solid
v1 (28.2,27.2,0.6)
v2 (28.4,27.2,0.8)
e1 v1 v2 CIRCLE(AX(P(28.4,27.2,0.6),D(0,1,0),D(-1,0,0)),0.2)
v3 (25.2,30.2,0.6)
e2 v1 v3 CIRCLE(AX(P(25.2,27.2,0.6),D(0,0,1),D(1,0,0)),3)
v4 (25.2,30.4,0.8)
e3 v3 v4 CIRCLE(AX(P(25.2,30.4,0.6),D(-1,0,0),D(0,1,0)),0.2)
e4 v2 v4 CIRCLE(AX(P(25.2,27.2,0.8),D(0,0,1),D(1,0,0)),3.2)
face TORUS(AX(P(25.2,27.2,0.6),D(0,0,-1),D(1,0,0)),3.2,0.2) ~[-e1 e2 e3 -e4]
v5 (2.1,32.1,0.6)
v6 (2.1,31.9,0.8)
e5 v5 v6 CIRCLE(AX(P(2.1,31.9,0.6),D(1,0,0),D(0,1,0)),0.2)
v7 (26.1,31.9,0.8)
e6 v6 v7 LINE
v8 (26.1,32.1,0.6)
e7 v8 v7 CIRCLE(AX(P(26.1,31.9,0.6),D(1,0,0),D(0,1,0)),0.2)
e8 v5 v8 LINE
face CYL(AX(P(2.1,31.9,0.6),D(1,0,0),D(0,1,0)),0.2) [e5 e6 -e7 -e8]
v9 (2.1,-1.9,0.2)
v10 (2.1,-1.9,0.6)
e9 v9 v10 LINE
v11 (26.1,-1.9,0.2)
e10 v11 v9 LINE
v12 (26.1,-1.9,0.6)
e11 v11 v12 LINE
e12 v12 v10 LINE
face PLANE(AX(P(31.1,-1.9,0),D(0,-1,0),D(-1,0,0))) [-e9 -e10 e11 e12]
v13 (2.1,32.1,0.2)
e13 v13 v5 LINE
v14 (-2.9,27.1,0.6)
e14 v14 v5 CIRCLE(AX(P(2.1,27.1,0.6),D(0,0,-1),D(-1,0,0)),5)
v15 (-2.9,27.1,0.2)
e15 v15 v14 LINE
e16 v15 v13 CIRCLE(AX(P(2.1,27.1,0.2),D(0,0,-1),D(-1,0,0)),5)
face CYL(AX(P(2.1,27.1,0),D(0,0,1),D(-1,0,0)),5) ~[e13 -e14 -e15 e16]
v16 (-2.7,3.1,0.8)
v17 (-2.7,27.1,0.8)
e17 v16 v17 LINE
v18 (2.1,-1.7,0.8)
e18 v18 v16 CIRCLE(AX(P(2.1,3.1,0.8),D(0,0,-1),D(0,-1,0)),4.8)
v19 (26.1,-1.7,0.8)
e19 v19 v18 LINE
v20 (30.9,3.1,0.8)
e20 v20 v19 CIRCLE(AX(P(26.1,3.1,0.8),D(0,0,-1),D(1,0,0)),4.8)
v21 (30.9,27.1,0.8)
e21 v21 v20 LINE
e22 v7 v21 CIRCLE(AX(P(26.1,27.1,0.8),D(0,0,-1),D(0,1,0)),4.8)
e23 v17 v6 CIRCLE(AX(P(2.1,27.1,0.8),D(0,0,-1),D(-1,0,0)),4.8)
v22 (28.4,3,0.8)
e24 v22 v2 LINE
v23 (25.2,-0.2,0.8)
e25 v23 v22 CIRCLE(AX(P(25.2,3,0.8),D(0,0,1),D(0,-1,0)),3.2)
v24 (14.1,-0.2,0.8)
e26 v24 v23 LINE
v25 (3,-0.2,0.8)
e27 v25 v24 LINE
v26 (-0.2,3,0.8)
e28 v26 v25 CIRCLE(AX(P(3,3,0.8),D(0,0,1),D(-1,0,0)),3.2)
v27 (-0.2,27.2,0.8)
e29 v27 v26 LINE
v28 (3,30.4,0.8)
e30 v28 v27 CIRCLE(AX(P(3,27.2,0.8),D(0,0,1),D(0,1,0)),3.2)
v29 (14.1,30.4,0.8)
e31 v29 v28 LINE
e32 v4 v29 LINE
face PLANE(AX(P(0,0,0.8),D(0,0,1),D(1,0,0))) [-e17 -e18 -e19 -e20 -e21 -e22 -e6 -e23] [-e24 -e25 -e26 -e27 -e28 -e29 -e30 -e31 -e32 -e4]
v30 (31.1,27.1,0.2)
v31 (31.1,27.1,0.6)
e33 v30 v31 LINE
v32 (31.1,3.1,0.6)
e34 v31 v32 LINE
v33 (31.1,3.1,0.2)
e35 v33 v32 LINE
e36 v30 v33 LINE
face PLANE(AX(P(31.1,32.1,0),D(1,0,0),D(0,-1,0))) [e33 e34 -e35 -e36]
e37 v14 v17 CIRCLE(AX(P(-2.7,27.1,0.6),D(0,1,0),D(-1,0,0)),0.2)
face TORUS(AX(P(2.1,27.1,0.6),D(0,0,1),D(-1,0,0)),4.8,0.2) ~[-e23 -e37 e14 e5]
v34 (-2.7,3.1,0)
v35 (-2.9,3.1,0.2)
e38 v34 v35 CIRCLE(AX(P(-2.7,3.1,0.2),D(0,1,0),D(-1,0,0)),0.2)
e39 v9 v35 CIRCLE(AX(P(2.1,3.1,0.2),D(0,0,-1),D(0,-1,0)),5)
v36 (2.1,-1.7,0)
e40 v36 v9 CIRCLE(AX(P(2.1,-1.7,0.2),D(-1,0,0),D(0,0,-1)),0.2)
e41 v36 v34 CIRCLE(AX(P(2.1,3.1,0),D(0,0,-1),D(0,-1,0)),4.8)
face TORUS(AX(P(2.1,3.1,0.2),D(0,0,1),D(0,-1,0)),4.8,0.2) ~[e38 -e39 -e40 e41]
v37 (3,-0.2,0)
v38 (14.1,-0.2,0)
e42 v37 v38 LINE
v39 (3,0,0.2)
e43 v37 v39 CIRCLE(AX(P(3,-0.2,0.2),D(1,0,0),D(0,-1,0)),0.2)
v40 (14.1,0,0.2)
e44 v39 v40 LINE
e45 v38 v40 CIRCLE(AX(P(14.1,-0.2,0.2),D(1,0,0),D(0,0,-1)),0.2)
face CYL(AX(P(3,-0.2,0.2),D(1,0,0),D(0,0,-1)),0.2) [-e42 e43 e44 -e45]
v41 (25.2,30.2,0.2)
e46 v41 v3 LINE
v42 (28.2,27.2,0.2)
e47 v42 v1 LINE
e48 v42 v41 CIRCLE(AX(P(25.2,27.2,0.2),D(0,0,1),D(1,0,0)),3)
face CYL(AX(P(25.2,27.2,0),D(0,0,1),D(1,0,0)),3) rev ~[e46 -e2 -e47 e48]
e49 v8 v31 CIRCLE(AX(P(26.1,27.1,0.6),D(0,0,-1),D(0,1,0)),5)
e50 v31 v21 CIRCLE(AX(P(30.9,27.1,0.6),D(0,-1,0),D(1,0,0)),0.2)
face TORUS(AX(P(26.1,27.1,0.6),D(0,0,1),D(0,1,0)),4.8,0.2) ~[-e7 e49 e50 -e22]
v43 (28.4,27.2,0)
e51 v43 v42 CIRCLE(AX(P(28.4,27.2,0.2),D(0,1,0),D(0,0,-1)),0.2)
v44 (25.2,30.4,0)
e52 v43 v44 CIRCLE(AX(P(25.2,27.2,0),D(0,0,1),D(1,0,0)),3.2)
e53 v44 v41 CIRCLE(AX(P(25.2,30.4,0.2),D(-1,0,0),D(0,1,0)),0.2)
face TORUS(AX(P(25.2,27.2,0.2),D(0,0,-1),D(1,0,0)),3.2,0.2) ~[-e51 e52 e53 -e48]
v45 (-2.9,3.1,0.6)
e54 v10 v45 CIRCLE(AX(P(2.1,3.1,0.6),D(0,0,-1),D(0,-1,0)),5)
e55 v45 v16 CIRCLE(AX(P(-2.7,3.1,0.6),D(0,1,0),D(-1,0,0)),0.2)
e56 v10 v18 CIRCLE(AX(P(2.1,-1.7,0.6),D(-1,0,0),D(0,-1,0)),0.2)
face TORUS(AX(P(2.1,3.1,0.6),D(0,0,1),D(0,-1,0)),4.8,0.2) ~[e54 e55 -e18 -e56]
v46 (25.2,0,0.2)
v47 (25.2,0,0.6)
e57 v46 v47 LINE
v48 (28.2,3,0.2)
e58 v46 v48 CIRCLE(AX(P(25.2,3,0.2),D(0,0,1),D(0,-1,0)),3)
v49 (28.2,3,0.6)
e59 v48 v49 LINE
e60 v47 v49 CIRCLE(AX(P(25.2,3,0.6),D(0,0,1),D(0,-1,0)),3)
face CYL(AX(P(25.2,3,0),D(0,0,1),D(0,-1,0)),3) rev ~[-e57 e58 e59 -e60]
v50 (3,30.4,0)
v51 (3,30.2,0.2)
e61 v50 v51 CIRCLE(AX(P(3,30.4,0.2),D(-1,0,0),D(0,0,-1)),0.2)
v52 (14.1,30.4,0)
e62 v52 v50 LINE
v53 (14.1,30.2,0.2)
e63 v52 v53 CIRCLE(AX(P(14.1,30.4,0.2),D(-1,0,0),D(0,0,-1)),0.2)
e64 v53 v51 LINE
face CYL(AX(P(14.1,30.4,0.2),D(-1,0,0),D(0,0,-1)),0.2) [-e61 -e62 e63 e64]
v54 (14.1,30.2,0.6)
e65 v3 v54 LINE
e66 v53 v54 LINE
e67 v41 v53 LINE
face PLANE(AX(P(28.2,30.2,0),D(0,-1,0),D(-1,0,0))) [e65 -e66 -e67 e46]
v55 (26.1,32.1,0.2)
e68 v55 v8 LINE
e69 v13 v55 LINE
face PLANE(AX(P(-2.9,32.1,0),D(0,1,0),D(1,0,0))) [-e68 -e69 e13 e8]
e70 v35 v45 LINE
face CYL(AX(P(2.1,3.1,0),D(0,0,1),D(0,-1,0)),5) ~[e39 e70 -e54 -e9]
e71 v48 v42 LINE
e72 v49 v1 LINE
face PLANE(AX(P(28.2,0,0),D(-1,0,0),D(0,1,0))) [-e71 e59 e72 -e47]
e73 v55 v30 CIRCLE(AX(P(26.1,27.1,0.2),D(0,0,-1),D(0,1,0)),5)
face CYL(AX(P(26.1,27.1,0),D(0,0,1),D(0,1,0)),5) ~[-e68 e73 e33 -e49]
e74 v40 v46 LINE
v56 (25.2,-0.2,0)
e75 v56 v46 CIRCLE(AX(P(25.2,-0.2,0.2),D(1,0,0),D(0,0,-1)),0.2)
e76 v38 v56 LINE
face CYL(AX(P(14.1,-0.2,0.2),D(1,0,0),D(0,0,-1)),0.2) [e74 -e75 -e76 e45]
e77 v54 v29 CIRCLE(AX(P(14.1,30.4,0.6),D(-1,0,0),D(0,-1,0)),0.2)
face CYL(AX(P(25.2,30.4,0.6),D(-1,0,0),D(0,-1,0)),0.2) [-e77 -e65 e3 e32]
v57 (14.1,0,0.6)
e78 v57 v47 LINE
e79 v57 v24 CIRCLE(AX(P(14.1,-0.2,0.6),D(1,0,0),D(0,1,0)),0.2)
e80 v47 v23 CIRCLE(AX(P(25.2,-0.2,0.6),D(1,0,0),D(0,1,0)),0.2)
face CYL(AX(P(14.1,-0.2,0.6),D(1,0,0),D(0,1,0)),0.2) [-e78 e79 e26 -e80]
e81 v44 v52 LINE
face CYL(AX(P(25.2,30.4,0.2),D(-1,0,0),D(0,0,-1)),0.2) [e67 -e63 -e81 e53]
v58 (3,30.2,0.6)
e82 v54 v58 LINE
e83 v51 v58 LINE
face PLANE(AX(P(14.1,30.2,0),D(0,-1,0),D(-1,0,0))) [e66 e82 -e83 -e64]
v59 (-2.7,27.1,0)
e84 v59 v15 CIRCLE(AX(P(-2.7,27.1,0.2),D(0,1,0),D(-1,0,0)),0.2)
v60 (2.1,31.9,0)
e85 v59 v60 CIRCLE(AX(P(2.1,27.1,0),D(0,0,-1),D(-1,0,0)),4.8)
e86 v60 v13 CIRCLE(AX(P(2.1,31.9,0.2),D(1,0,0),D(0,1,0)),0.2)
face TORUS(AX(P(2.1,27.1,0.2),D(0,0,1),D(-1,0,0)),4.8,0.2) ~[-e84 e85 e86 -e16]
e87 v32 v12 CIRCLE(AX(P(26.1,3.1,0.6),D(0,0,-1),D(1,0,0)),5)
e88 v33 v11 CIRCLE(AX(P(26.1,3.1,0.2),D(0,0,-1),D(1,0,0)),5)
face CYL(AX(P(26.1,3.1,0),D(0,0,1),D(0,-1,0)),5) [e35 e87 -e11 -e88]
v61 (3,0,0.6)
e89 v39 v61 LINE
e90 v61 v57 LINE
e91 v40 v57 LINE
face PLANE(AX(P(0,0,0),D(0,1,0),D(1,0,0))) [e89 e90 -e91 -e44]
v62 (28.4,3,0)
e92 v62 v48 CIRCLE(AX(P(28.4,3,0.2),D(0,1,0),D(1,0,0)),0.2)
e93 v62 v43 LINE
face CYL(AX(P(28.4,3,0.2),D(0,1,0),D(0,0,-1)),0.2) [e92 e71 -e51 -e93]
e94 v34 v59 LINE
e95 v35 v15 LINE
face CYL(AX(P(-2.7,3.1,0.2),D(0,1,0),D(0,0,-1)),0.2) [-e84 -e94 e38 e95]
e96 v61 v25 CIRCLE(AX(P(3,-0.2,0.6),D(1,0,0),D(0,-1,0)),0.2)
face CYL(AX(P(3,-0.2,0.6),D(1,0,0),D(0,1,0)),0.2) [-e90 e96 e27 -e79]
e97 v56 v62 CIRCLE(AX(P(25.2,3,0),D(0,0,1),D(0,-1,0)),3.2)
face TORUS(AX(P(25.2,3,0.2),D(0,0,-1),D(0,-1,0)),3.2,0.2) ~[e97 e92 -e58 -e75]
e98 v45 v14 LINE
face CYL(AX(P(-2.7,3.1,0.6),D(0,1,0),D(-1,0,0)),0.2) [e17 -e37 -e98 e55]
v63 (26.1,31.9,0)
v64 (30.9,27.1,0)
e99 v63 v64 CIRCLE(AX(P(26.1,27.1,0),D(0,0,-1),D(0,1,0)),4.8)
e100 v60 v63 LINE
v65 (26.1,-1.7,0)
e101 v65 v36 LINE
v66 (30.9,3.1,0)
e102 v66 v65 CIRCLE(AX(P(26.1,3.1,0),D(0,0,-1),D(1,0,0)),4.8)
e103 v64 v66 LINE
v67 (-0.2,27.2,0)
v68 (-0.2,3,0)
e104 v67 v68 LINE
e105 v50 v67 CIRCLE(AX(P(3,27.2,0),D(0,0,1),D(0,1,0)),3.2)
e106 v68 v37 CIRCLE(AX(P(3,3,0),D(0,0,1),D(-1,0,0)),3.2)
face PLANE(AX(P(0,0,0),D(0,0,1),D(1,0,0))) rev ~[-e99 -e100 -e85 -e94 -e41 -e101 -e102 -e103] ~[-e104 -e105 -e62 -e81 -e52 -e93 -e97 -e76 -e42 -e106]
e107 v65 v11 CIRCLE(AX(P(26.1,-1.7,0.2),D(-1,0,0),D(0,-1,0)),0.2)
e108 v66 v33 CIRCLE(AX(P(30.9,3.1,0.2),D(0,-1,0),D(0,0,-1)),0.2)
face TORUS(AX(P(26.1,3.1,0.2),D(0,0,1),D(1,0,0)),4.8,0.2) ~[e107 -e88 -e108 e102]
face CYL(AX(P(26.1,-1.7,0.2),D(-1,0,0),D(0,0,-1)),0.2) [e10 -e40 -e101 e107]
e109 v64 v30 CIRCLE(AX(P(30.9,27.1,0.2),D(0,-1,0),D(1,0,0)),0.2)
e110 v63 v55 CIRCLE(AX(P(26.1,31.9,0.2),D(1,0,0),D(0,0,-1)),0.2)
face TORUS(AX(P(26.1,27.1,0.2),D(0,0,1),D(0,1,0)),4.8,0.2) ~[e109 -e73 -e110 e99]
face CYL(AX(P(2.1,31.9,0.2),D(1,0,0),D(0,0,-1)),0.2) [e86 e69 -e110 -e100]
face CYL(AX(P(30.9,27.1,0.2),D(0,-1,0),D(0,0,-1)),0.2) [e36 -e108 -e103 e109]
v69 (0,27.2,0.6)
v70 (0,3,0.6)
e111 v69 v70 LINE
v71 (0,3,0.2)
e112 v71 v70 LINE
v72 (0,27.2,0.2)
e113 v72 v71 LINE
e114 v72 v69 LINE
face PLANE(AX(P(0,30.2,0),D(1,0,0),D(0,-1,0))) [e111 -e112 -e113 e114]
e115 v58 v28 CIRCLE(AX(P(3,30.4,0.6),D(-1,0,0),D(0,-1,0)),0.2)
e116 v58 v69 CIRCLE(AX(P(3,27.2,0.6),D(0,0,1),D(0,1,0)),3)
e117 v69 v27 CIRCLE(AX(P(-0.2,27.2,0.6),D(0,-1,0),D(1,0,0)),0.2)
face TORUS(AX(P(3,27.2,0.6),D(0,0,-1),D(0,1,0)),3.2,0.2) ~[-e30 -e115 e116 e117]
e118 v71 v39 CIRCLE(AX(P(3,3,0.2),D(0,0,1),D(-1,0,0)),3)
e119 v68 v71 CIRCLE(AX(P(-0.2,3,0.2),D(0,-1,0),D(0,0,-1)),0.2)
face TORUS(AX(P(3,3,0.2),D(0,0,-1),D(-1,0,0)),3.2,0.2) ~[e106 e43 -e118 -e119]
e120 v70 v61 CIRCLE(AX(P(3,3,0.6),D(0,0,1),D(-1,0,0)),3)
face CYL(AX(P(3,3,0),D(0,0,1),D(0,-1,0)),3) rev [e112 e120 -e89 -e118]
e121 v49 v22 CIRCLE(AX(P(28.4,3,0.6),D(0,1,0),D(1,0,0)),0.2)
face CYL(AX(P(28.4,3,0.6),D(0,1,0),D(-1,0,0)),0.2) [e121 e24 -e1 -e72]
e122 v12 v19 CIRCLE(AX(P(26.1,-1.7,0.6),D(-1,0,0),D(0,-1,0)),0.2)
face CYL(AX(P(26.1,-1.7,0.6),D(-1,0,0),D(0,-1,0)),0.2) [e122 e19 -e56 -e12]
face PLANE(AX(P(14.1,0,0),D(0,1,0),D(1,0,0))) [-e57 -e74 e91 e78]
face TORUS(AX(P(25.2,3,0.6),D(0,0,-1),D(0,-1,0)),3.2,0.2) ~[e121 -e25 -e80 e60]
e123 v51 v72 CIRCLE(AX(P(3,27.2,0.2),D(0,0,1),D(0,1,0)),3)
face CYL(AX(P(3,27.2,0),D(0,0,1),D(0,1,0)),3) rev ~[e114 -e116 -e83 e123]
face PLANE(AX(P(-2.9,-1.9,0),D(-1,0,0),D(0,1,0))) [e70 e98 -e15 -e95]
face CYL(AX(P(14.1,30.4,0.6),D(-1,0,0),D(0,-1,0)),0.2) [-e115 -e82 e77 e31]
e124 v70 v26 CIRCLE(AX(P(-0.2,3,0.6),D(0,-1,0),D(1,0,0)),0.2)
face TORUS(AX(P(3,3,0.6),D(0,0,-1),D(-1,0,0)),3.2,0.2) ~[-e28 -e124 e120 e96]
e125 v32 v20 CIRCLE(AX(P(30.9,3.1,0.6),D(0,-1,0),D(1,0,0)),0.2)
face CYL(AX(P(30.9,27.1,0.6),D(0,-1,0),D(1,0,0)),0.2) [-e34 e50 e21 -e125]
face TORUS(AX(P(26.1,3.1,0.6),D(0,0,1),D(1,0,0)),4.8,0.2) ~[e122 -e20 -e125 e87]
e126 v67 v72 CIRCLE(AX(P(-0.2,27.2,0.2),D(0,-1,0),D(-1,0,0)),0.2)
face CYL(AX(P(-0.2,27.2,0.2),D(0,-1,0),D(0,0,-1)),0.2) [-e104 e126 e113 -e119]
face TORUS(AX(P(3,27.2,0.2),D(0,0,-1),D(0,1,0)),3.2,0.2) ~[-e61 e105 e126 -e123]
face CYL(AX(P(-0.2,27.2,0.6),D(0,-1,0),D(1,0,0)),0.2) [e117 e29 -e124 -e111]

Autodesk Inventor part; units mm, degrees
ref_plane "YZ Plane" through (0, 0, 0) normal (1, 0, 0) x (0, 1, 0)
ref_plane "XZ Plane" through (0, 0, 0) normal (0, 1, 0) x (-1, 0, 0)
ref_plane "XY Plane" through (0, 0, 0) normal (0, 0, 1) x (1, 0, 0)
sketch "Sketch1" plane through (0, 0, 0) normal (0, 0, 1) x (1, 0, 0)
  line L0 (0, 0) -> (28.2, 0)
  line L1 (28.2, 0) -> (28.2, 30.2)
  line L2 (28.2, 30.2) -> (0, 30.2)
  line L3 (0, 30.2) -> (0, 0)
  line L4 (14.1, 30.2) -> (14.1, 0)
  line L5 (31.1, -1.9) -> (-2.9, -1.9)
  line L6 (-2.9, -1.9) -> (-2.9, 32.1)
  line L7 (-2.9, 32.1) -> (31.1, 32.1)
  line L8 (31.1, 32.1) -> (31.1, -1.9)
  line L9 (31.1, -1.9) -> (-2.9, 32.1) construction
  line L10 (-2.9, -1.9) -> (31.1, 32.1) construction
  point P0 (14.1, 15.1)
  dimension "d0" = 30.2
  dimension "d1" = 28.2
  dimension "d2" = 34
  dimension "d3" = 34
extrude "Extrusion1" add sketch "Sketch1" along normal blind 0.8
fillet "Fillet1" radius 3 4 edges at (0, 0, 0.4) (0, 30.2, 0.4) (28.2, 30.2, 0.4) (28.2, 0, 0.4)
fillet "Fillet2" radius 5 4 edges at (31.1, 32.1, 0.4) (-2.9, 32.1, 0.4) (31.1, -1.9, 0.4) (-2.9, -1.9, 0.4)
fillet "Fillet3" radius 0.2 24 edges at (-1.4355, 30.6355, 0) (-2.9, 15.1, 0) (-1.4355, -0.4355, 0) (14.1, -1.9, 0) (29.6355, -0.4355, 0) (31.1, 15.1, 0) (29.6355, 30.6355, 0) (14.1, 32.1, 0) (14.1, 32.1, 0.8) (29.6355, 30.6355, 0.8) (31.1, 15.1, 0.8) (29.6355, -0.4355, 0.8) (14.1, -1.9, 0.8) (-1.4355, -0.4355, 0.8) (-2.9, 15.1, 0.8) (-1.4355, 30.6355, 0.8) (0, 15.1, 0.8) (14.1, 0, 0.8) (28.2, 15.1, 0.8) (14.1, 30.2, 0.8) (14.1, 30.2, 0) (28.2, 15.1, 0) (14.1, 0, 0) (0, 15.1, 0)
properties part number "LeptonBlockSpacer"
